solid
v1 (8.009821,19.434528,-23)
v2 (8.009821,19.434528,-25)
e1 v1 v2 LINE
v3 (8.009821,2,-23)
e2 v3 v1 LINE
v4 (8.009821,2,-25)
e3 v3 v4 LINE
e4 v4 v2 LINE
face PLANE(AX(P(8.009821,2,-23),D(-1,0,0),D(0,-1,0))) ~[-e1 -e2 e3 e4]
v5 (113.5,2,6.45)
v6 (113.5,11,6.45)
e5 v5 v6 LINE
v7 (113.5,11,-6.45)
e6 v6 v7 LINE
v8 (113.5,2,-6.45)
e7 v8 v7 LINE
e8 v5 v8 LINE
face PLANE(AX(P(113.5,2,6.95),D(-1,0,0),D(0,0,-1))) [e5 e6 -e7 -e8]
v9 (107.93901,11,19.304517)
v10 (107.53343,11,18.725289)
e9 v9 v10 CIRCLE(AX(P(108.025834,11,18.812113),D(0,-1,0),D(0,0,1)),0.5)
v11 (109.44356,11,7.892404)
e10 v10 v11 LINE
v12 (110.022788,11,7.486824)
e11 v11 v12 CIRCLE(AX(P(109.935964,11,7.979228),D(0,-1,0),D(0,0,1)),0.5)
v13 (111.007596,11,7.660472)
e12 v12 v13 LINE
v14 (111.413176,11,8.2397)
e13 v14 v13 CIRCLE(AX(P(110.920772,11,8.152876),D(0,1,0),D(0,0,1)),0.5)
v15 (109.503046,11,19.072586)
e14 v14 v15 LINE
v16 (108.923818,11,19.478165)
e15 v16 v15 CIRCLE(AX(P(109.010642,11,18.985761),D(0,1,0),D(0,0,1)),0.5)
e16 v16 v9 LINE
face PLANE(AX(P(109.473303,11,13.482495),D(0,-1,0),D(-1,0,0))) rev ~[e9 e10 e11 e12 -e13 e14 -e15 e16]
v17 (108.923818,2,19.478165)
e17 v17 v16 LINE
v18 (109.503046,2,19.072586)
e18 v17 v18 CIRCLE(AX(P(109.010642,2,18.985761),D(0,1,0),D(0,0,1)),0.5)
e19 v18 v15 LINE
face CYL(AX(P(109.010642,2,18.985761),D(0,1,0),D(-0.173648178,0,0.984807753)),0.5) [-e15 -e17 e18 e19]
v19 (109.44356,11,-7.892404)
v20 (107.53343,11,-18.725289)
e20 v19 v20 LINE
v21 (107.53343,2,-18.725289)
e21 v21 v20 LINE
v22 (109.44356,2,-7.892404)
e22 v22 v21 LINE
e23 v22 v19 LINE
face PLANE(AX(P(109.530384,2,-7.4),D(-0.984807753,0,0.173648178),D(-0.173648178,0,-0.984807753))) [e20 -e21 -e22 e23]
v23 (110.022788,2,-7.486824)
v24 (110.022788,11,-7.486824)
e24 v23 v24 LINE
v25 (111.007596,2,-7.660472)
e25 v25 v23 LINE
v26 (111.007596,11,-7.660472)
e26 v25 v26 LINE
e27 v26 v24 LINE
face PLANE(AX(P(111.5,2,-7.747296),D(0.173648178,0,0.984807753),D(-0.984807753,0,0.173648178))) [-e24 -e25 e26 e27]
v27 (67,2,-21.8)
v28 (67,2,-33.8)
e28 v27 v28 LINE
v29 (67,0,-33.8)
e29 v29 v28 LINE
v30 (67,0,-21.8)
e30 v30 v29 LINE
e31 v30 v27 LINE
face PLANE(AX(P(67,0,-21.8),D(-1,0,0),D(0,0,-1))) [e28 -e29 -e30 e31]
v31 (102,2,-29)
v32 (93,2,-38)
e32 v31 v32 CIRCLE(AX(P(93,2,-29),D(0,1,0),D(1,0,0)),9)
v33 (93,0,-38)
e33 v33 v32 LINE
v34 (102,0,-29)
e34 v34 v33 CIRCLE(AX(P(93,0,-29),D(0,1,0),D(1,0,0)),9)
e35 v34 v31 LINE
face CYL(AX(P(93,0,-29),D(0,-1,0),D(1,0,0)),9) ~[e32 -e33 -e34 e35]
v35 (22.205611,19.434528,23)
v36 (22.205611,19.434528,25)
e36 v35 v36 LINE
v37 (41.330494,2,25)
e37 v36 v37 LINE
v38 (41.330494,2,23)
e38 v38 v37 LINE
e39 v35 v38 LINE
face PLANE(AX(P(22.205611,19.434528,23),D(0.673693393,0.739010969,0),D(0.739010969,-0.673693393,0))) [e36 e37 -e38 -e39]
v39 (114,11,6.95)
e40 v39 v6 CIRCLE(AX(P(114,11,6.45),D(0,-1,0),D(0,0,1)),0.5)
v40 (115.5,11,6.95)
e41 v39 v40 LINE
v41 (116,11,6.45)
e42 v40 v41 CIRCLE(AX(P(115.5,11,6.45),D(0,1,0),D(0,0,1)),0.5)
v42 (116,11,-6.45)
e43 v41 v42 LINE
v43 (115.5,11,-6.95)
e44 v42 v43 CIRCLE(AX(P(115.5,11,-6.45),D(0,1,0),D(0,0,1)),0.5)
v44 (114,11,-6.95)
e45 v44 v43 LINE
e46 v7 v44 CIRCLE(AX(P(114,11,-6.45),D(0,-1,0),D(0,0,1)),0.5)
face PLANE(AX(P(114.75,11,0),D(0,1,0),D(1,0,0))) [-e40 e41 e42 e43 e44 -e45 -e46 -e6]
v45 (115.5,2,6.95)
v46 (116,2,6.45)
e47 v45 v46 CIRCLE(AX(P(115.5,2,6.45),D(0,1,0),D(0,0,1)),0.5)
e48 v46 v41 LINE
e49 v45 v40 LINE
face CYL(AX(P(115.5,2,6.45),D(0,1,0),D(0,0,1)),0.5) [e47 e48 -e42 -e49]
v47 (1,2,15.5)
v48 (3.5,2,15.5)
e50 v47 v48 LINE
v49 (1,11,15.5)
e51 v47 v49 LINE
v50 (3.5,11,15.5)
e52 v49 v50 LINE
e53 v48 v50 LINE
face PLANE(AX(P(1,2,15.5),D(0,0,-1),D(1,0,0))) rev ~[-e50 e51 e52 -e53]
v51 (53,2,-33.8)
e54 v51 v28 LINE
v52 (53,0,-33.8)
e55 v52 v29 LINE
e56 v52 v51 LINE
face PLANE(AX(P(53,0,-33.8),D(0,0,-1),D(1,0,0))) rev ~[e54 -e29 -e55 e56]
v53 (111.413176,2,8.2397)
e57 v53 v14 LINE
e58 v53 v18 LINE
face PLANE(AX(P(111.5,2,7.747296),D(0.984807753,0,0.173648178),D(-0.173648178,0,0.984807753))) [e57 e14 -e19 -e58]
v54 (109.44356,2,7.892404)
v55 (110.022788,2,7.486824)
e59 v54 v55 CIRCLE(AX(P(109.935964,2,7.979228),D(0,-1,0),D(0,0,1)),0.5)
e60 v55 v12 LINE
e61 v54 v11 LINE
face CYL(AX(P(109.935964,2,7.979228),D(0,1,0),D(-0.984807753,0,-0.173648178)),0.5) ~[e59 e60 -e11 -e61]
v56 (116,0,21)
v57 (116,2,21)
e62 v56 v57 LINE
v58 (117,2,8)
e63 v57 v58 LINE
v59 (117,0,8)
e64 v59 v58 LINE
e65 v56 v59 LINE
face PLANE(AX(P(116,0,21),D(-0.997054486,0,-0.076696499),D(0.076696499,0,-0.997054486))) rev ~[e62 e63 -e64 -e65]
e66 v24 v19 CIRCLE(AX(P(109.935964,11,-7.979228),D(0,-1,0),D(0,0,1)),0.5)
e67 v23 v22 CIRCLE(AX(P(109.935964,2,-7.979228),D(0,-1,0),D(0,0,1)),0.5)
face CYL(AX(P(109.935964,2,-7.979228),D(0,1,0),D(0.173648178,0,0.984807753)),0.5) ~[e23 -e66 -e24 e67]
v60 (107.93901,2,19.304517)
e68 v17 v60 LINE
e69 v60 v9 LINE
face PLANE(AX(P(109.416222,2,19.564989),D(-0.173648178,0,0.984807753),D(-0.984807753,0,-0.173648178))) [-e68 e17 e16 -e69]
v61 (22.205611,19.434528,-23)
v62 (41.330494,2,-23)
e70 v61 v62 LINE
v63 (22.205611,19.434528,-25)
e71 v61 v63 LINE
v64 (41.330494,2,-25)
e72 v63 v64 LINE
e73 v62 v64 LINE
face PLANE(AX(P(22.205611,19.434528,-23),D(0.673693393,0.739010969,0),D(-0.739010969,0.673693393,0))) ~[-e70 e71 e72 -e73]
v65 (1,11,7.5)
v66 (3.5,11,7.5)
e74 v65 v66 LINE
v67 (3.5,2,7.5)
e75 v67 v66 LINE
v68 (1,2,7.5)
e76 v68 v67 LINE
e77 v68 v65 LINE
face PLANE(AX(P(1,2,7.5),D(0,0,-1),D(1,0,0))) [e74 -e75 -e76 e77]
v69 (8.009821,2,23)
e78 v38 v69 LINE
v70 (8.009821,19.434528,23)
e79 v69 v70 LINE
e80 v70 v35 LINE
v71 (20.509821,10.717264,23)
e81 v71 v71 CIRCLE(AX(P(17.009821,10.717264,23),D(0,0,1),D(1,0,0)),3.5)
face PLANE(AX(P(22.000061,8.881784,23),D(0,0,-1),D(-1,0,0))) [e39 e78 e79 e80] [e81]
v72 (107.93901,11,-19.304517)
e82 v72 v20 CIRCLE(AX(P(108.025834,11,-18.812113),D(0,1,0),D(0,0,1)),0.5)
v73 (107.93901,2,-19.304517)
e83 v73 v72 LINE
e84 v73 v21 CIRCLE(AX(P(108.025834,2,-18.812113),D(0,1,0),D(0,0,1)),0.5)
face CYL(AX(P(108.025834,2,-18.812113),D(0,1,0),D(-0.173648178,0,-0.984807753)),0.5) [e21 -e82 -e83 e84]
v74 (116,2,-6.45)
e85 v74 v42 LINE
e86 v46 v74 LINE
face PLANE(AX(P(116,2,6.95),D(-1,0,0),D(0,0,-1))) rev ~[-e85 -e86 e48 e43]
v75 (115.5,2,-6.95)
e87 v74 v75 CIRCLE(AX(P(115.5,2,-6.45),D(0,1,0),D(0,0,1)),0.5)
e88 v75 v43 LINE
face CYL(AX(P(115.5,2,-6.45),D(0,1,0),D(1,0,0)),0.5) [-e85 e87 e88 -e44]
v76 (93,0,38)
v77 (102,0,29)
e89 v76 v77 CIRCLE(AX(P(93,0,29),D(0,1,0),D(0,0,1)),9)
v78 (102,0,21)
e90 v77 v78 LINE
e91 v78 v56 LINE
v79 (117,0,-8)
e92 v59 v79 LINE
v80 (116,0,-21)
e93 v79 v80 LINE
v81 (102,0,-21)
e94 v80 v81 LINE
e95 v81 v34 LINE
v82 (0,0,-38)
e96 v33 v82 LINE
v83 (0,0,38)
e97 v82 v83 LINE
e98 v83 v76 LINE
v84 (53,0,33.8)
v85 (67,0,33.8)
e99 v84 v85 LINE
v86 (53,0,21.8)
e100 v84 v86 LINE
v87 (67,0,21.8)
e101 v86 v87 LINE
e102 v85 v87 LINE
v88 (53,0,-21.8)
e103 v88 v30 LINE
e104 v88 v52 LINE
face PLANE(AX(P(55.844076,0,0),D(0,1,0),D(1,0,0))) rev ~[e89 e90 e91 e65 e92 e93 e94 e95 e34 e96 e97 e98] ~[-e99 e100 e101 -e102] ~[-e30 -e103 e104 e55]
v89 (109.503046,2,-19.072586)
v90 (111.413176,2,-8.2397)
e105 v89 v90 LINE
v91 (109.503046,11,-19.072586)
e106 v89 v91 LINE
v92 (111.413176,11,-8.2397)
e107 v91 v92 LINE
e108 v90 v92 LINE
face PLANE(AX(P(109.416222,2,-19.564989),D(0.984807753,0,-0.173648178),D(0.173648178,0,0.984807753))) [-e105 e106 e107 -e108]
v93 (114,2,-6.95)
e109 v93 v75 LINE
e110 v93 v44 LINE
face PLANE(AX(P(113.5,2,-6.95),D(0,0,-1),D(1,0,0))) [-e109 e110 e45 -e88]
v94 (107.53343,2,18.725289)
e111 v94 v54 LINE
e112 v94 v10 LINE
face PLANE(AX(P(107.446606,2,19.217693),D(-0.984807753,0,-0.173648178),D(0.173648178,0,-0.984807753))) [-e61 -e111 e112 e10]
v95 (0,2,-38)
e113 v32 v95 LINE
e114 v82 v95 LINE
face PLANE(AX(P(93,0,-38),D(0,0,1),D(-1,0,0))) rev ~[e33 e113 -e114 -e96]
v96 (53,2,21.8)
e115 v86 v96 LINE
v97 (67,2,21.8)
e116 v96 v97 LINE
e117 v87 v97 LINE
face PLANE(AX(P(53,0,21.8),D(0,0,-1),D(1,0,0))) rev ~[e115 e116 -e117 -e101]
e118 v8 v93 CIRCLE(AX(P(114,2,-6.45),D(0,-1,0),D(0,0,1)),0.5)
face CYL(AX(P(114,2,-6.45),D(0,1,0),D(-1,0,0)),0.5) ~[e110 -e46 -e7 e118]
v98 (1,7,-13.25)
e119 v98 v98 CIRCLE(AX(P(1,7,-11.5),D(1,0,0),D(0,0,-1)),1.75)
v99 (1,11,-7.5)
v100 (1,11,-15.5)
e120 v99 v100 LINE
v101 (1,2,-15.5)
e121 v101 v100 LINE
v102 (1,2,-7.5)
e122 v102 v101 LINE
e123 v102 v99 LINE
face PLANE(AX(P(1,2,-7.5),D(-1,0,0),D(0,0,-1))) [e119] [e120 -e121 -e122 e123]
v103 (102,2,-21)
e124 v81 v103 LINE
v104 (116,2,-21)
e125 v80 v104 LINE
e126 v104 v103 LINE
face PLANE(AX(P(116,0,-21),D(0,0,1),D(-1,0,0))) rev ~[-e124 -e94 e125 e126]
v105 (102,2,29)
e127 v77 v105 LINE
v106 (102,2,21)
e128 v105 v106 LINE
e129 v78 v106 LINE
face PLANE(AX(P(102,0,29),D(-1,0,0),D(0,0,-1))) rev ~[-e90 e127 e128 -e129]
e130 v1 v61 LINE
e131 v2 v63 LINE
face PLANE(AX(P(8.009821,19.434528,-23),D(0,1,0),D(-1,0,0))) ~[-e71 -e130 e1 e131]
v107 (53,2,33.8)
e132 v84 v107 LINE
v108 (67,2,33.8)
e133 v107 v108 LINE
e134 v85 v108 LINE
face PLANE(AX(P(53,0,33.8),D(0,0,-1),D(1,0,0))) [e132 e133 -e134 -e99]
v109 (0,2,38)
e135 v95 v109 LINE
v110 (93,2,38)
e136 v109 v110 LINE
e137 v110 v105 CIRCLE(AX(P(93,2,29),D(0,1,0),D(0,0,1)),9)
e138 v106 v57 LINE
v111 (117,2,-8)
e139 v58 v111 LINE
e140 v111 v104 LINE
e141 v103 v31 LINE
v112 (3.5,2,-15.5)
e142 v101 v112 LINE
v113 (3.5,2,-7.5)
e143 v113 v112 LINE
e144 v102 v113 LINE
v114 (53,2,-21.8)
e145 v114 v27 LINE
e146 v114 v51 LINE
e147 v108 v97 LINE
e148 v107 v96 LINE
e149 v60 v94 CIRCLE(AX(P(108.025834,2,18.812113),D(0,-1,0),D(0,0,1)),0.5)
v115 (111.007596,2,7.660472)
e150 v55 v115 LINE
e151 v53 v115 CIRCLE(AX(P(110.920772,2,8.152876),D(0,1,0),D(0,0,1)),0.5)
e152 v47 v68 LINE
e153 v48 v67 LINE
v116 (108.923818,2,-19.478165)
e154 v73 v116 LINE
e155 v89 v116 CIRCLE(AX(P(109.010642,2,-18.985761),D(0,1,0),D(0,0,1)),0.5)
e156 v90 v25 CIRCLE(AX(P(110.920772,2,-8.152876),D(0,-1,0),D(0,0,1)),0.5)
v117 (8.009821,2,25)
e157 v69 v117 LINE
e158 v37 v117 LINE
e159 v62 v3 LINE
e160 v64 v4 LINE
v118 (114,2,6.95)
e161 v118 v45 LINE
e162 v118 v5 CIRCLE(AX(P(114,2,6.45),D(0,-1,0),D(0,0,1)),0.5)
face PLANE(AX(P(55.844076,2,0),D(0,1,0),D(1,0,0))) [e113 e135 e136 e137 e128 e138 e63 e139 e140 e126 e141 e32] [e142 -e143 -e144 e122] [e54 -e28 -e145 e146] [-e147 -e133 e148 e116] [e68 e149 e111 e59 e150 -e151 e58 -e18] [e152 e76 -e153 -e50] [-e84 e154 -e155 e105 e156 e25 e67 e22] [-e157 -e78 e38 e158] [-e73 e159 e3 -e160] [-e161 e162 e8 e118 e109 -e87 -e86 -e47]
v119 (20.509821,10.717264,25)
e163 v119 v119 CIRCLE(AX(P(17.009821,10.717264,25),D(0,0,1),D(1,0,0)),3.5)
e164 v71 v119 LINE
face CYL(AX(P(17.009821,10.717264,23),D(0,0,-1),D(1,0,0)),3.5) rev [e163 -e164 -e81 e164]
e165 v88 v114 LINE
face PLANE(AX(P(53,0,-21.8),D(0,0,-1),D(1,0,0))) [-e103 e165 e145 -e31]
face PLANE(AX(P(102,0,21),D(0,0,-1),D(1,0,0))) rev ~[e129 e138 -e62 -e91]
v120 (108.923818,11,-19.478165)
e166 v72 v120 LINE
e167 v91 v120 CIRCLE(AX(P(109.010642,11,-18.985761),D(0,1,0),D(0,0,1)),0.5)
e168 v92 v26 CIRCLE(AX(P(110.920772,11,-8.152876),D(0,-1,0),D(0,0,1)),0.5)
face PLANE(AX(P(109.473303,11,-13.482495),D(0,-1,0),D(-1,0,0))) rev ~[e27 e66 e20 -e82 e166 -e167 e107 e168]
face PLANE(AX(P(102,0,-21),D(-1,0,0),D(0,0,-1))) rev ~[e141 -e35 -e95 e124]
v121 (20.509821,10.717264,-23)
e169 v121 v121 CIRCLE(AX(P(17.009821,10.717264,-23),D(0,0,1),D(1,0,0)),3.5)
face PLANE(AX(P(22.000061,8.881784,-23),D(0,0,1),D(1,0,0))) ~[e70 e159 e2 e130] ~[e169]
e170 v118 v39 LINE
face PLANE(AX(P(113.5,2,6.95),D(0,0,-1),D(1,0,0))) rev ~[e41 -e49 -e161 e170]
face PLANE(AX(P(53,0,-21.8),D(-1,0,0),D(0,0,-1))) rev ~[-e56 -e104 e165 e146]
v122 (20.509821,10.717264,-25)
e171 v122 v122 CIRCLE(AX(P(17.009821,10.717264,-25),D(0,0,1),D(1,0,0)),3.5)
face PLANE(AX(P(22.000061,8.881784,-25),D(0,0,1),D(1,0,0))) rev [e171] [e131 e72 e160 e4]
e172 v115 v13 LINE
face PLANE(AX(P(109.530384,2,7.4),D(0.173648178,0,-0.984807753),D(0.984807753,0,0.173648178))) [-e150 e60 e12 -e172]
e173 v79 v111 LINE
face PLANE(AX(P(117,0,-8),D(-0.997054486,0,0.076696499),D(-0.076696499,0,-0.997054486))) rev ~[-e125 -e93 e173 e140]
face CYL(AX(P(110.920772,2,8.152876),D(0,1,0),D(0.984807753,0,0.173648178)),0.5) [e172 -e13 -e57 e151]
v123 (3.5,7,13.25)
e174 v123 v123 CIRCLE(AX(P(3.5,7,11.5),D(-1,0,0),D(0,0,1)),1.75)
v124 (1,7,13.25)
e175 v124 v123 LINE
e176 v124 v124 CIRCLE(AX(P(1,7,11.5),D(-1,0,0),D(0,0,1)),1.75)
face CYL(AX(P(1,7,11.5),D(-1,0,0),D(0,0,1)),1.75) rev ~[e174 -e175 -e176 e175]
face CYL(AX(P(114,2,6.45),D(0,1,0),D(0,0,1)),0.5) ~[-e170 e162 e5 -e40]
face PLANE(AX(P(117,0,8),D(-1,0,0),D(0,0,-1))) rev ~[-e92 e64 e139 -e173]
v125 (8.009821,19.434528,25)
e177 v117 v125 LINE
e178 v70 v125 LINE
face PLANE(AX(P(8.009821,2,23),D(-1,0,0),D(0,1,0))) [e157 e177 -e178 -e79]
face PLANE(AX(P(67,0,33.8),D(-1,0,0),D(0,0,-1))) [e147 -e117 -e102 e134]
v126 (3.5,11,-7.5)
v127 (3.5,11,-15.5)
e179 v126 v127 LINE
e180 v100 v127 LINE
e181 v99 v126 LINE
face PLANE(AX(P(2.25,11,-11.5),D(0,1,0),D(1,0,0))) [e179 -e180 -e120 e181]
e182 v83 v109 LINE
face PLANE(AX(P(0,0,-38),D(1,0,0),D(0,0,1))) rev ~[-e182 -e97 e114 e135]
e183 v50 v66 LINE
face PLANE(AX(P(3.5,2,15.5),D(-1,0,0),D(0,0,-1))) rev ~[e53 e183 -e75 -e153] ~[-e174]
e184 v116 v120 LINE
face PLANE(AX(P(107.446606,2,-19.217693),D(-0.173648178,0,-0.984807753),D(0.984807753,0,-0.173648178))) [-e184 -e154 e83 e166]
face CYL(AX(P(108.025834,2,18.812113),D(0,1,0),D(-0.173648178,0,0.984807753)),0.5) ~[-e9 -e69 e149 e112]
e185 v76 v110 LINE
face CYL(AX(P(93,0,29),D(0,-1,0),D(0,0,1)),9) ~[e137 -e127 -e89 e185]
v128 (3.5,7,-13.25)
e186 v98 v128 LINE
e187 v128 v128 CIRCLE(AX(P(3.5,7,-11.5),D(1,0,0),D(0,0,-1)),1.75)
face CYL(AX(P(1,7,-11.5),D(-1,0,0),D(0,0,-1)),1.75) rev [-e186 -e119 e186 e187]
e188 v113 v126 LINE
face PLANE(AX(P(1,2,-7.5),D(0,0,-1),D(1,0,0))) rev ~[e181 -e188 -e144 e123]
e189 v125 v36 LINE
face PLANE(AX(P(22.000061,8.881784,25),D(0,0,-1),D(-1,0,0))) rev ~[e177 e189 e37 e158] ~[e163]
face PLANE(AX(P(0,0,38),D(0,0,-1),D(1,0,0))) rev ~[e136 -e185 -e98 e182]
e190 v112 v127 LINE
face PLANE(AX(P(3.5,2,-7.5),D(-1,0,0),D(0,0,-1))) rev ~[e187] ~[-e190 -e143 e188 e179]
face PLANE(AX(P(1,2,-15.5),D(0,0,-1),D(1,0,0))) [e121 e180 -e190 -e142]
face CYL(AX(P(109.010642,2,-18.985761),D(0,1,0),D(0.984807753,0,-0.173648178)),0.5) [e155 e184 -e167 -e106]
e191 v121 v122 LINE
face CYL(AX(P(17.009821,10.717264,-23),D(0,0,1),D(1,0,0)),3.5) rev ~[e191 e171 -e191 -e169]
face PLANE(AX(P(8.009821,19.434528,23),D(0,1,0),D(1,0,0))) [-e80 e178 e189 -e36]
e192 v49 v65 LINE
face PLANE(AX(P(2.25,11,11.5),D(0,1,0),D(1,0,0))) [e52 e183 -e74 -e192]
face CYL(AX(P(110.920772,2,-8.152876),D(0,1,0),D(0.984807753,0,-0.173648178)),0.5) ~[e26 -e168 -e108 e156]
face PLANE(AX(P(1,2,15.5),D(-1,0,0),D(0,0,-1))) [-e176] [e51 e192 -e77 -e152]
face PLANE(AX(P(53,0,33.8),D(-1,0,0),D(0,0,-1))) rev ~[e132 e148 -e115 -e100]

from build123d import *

# Parameters (mm, degrees)
ESBO_O1_W                = 14
ESBO_O1_H                = 12
RESSALTO_EXTRUS_O1_DEPTH = 2
ESBO_O2_W                = 2.5
ESBO_O2_H                = 13.9
RESSALTO_EXTRUS_O2_DEPTH = 9
ESBO_O3_W                = 2.5
ESBO_O3_H                = 8
RESSALTO_EXTRUS_O3_DEPTH = 9
RESSALTO_EXTRUS_O4_START = -15
ESBO_O4_R                = 3.5
RESSALTO_EXTRUS_O4_DEPTH = 2
ESBO_O6_R                = 1.75
CORTE_EXTRUS_O1_DEPTH    = 2.5
FILETE1_R                = 0.5


with BuildPart() as part:
    # Esboço1 → Ressalto-extrusão1 (new body)
    with BuildSketch(Plane(origin=(0, 0, 0), x_dir=(1, 0, 0), z_dir=(0, 1, 0))):
        with BuildLine():
            Line((116, -21), (117, -8))
            Line((117, -8), (117, 8))
            Line((117, 8), (116, 21))
            Line((116, 21), (102, 21))
            Line((102, 21), (102, 29))
            ThreePointArc((102, 29), (99.363961031, 35.363961031), (93, 38))
            Line((93, 38), (0, 38))
            Line((0, 38), (0, -38))
            Line((0, -38), (93, -38))
            ThreePointArc((93, -38), (99.363961031, -35.363961031), (102, -29))
            Line((102, -29), (102, -21))
            Line((102, -21), (116, -21))
        make_face()
        with Locations((60, -27.8)):
            Rectangle(ESBO_O1_W, ESBO_O1_H, mode=Mode.SUBTRACT)
        with Locations((60, 27.8)):
            Rectangle(ESBO_O1_W, ESBO_O1_H, mode=Mode.SUBTRACT)
    extrude(amount=RESSALTO_EXTRUS_O1_DEPTH)

    # Esboço2 → Ressalto-extrusão2 (add)
    with BuildSketch(Plane(origin=(0, 2, 0), x_dir=(1, 0, 0), z_dir=(0, 1, 0))):
        Polygon((111.5, 7.747296355), (109.530384494, 7.4), (107.446606362, 19.217693036), (109.416221868, 19.564989391), align=None)
        with Locations((114.75, 0)):
            Rectangle(ESBO_O2_W, ESBO_O2_H)
        Polygon((107.446606362, -19.217693036), (109.530384494, -7.4), (111.5, -7.747296355), (109.416221868, -19.564989391), align=None)
    extrude(amount=RESSALTO_EXTRUS_O2_DEPTH)

    # Esboço3 → Ressalto-extrusão3 (add)
    with BuildSketch(Plane(origin=(0, 2, 0), x_dir=(1, 0, 0), z_dir=(0, 1, 0))):
        with Locations((2.25, -11.5)):
            Rectangle(ESBO_O3_W, ESBO_O3_H)
        with Locations((2.25, 11.5)):
            Rectangle(ESBO_O3_W, ESBO_O3_H)
    extrude(amount=RESSALTO_EXTRUS_O3_DEPTH)

    # Esboço4 → Ressalto-extrusão4 (add)
    with BuildSketch(Plane.XY.offset(38).offset(RESSALTO_EXTRUS_O4_START)):
        Polygon((8.00982099, 2), (8.00982099, 19.434528411), (22.205610886, 19.434528411), (41.330494496, 2), align=None)
        with Locations((17.00982099, 10.717264205)):
            Circle(ESBO_O4_R, mode=Mode.SUBTRACT)
    ressalto_extrus_o4 = extrude(amount=RESSALTO_EXTRUS_O4_DEPTH)

    # Espelhar1: Ressalto-extrusão4 across plane
    add(ressalto_extrus_o4.mirror(Plane.XY))

    # Esboço6 → Corte-extrusão1 (cut)
    with BuildSketch(Plane.ZY.offset(-1)):
        with Locations((11.5, 7)):
            Circle(ESBO_O6_R)
    corte_extrus_o1 = extrude(amount=-CORTE_EXTRUS_O1_DEPTH, mode=Mode.SUBTRACT)

    # Espelhar2: Corte-extrusão1 across plane
    add(corte_extrus_o1.mirror(Plane.XY), mode=Mode.SUBTRACT)

    # Filete1
    filete1_edges = [part.edges().sort_by_distance(p)[0] for p in [
        (116, 6.5, 6.95),
        (116, 6.5, -6.95),
        (113.5, 6.5, -6.95),
        (113.5, 6.5, 6.95),
        (111.5, 6.5, -7.747296355),
        (109.416221868, 6.5, -19.564989391),
        (107.446606362, 6.5, -19.217693036),
        (109.530384494, 6.5, -7.4),
        (107.446606362, 6.5, 19.217693036),
        (109.416221868, 6.5, 19.564989391),
        (111.5, 6.5, 7.747296355),
        (109.530384494, 6.5, 7.4),
    ]]
    fillet(filete1_edges, radius=FILETE1_R)


solid = part.part
